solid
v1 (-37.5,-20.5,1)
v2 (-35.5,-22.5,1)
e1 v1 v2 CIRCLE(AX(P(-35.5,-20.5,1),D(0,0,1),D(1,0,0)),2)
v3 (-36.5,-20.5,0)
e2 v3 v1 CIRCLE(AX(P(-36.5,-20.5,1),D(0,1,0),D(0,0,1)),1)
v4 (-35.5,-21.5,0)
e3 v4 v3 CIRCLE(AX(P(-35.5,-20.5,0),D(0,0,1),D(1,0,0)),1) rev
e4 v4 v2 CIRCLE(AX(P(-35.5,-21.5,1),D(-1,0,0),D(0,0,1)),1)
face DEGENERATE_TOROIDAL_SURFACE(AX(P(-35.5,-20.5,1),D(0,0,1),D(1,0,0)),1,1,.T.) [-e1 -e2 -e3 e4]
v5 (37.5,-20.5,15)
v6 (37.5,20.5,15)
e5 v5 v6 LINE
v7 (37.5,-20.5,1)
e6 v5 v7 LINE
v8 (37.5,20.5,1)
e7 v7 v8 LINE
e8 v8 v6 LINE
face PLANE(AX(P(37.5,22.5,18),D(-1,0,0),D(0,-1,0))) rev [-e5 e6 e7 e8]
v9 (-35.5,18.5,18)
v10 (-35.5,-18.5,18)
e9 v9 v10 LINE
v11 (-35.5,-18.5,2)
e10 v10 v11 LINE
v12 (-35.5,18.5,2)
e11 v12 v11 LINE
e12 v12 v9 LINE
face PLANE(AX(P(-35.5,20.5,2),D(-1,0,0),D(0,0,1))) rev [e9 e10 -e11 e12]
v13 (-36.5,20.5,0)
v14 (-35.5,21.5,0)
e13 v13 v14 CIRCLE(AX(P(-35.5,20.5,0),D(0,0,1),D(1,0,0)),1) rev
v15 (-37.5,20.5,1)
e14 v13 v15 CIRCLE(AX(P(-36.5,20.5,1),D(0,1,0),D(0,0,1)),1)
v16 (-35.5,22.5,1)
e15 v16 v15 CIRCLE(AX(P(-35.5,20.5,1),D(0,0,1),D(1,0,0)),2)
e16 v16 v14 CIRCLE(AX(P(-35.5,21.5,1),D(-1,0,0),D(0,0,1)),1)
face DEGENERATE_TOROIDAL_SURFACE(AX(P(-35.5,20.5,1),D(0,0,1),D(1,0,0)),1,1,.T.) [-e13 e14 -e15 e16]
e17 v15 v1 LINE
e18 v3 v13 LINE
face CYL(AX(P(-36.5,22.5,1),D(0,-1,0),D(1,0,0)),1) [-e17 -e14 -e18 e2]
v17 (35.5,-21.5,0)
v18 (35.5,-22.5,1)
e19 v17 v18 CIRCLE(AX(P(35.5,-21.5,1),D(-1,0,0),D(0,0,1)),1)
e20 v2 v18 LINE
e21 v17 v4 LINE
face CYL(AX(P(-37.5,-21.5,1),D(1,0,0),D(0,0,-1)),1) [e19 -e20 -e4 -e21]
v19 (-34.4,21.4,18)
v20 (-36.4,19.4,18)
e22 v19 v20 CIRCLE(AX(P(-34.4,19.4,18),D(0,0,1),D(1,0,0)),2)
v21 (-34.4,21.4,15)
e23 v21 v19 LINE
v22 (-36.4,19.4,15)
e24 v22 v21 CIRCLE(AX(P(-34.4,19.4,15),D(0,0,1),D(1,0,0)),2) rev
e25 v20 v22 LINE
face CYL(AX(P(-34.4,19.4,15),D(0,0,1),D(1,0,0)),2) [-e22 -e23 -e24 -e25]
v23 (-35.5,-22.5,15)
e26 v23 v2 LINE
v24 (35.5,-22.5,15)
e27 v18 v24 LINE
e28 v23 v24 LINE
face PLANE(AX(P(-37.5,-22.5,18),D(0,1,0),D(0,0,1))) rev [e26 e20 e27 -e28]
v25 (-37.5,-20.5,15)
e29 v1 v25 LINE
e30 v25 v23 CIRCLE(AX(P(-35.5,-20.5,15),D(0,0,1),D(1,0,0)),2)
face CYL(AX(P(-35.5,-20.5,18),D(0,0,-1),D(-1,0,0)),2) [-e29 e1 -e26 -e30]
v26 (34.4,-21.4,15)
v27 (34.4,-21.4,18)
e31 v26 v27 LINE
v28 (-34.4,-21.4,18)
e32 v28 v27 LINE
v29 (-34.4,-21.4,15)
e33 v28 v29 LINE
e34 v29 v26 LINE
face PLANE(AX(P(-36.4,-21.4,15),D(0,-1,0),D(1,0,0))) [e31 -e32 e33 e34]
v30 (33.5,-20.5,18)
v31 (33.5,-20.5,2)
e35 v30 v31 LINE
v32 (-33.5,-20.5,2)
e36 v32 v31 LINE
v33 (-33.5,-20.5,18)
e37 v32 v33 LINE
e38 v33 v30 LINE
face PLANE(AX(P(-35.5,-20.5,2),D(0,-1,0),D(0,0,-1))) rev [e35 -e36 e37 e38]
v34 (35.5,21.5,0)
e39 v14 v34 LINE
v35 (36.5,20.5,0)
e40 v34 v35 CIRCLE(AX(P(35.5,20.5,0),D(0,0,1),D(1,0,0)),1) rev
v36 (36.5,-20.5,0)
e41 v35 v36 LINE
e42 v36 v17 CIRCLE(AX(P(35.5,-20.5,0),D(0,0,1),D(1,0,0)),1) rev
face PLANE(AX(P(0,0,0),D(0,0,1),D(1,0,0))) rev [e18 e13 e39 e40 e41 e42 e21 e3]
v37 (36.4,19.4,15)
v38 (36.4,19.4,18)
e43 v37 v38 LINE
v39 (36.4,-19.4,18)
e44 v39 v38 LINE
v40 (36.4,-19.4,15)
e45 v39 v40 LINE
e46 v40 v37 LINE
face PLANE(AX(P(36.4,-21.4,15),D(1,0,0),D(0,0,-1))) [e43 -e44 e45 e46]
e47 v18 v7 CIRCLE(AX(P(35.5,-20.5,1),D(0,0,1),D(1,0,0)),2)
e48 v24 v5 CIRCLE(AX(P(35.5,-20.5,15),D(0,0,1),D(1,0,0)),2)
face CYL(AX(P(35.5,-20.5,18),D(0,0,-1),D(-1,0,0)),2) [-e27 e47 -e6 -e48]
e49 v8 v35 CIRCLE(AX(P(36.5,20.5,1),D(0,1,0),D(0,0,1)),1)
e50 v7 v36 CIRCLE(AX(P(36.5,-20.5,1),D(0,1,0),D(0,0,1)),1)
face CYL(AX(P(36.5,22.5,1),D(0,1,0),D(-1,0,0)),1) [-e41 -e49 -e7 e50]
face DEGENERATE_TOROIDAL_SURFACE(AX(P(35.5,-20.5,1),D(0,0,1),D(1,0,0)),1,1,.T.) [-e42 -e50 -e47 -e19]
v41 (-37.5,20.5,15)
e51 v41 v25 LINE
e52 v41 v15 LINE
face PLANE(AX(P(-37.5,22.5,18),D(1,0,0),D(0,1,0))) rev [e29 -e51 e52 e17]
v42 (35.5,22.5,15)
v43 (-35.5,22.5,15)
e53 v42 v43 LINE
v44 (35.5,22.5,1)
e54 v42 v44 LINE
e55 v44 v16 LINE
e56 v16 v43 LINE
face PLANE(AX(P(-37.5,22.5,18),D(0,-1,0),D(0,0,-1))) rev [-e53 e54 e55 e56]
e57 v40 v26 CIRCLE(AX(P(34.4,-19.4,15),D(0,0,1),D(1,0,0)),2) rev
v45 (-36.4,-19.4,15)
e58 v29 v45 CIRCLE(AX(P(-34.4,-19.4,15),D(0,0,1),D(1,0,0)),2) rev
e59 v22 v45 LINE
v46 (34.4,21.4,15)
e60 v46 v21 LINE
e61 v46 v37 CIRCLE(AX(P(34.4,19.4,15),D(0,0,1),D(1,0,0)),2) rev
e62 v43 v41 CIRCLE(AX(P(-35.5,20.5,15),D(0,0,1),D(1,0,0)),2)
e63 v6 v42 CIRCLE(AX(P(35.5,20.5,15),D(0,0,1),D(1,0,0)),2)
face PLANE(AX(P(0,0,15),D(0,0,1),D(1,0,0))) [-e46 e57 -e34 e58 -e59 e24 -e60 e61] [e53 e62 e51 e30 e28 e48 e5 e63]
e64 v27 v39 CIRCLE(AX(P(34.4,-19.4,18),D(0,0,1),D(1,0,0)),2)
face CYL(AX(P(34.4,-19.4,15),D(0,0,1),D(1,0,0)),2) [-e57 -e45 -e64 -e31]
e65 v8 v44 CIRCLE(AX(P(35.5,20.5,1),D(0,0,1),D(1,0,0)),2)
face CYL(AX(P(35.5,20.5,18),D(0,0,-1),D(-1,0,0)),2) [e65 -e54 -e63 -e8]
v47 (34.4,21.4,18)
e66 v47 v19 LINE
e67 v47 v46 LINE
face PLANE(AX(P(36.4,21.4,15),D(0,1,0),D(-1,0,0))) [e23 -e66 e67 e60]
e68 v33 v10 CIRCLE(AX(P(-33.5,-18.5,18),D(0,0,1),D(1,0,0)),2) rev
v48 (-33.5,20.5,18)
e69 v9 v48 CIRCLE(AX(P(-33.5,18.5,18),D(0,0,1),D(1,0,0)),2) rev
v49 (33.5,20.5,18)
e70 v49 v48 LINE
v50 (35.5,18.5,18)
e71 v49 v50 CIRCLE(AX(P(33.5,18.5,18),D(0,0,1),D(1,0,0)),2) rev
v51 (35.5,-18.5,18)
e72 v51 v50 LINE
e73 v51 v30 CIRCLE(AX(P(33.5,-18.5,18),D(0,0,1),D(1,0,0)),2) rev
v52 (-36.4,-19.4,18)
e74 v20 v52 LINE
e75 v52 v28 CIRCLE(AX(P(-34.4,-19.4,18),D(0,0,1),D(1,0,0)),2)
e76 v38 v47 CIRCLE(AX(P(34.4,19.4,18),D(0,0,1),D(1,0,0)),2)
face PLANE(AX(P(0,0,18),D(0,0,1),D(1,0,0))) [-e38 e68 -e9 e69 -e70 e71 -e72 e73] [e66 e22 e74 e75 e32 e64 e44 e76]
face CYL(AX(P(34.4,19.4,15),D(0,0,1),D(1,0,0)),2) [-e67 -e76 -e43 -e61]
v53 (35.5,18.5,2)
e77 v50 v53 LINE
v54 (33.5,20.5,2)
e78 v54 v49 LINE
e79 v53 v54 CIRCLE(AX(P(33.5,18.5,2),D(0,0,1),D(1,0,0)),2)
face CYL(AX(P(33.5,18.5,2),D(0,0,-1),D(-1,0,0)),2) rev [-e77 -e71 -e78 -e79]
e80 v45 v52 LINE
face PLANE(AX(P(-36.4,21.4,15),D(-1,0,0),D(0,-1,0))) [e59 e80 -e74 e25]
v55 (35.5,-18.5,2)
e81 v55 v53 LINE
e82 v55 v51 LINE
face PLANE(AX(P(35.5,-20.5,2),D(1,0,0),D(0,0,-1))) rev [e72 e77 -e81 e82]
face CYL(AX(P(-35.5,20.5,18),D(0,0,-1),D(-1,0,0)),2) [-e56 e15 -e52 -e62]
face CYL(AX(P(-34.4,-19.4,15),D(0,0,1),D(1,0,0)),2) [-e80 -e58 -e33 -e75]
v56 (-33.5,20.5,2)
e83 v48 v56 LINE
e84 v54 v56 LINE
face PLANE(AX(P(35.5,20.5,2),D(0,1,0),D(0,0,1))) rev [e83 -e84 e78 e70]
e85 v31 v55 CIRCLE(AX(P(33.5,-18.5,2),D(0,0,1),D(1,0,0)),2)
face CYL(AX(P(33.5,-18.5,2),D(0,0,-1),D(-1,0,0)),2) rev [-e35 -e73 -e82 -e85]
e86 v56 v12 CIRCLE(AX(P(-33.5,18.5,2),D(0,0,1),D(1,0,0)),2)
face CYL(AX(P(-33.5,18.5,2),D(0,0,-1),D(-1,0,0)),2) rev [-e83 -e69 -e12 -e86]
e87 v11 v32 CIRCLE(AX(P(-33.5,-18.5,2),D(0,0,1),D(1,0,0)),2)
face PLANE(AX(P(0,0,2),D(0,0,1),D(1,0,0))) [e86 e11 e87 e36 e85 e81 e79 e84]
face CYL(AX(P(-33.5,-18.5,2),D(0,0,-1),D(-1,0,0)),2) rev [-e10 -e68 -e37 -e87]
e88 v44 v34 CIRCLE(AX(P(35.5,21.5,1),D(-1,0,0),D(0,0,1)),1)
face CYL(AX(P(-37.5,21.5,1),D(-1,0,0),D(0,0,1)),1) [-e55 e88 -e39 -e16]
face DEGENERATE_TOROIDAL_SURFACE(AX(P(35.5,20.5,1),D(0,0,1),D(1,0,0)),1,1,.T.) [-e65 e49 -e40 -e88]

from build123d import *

# Parameters (mm, degrees)
SKETCH_1_W          = 75
SKETCH_1_H          = 45
EXTRUDE_1_DEPTH     = 18
SKETCH_2_W          = 71
SKETCH_2_H          = 41
CUT_EXTRUDE_1_DEPTH = 16
SKETCH_3_W          = 75
SKETCH_3_H          = 45
SKETCH_3_W_2        = 72.8
SKETCH_3_H_2        = 42.8
CUT_EXTRUDE_2_DEPTH = 3
FILLET_1_R          = 2
FILLET_2_R          = 1


with BuildPart() as part:
    # 草图1 → 凸台-拉伸1 (new body)
    with BuildSketch(Plane.XY):
        Rectangle(SKETCH_1_W, SKETCH_1_H)
    extrude(amount=EXTRUDE_1_DEPTH)

    # 草图2 → 切除-拉伸1 (cut)
    with BuildSketch(Plane.XY.offset(18)):
        Rectangle(SKETCH_2_W, SKETCH_2_H)
    extrude(amount=-CUT_EXTRUDE_1_DEPTH, mode=Mode.SUBTRACT)

    # 草图3 → 切除-拉伸2 (cut)
    with BuildSketch(Plane.XY.offset(18)):
        Rectangle(SKETCH_3_W, SKETCH_3_H)
        Rectangle(SKETCH_3_W_2, SKETCH_3_H_2, mode=Mode.SUBTRACT)
    extrude(amount=-CUT_EXTRUDE_2_DEPTH, mode=Mode.SUBTRACT)

    # 圆角1
    fillet_1_edges = [part.edges().sort_by_distance(p)[0] for p in [
        (-35.5, 20.5, 10),
        (35.5, 20.5, 10),
        (35.5, -20.5, 10),
        (-35.5, -20.5, 10),
        (-37.5, 22.5, 7.5),
        (37.5, 22.5, 7.5),
        (37.5, -22.5, 7.5),
        (-37.5, -22.5, 7.5),
        (-36.4, 21.4, 16.5),
        (36.4, 21.4, 16.5),
        (36.4, -21.4, 16.5),
        (-36.4, -21.4, 16.5),
    ]]
    fillet(fillet_1_edges, radius=FILLET_1_R)

    # 圆角2
    fillet_2_edges = [part.edges().sort_by_distance(p)[0] for p in [
        (0, 22.5, 0),
        (-37.5, 0, 0),
        (37.5, 0, 0),
        (0, -22.5, 0),
        (-36.914213562, 21.914213562, 0),
        (-36.914213562, -21.914213562, 0),
        (36.914213562, -21.914213562, 0),
        (36.914213562, 21.914213562, 0),
    ]]
    fillet(fillet_2_edges, radius=FILLET_2_R)


solid = part.part
